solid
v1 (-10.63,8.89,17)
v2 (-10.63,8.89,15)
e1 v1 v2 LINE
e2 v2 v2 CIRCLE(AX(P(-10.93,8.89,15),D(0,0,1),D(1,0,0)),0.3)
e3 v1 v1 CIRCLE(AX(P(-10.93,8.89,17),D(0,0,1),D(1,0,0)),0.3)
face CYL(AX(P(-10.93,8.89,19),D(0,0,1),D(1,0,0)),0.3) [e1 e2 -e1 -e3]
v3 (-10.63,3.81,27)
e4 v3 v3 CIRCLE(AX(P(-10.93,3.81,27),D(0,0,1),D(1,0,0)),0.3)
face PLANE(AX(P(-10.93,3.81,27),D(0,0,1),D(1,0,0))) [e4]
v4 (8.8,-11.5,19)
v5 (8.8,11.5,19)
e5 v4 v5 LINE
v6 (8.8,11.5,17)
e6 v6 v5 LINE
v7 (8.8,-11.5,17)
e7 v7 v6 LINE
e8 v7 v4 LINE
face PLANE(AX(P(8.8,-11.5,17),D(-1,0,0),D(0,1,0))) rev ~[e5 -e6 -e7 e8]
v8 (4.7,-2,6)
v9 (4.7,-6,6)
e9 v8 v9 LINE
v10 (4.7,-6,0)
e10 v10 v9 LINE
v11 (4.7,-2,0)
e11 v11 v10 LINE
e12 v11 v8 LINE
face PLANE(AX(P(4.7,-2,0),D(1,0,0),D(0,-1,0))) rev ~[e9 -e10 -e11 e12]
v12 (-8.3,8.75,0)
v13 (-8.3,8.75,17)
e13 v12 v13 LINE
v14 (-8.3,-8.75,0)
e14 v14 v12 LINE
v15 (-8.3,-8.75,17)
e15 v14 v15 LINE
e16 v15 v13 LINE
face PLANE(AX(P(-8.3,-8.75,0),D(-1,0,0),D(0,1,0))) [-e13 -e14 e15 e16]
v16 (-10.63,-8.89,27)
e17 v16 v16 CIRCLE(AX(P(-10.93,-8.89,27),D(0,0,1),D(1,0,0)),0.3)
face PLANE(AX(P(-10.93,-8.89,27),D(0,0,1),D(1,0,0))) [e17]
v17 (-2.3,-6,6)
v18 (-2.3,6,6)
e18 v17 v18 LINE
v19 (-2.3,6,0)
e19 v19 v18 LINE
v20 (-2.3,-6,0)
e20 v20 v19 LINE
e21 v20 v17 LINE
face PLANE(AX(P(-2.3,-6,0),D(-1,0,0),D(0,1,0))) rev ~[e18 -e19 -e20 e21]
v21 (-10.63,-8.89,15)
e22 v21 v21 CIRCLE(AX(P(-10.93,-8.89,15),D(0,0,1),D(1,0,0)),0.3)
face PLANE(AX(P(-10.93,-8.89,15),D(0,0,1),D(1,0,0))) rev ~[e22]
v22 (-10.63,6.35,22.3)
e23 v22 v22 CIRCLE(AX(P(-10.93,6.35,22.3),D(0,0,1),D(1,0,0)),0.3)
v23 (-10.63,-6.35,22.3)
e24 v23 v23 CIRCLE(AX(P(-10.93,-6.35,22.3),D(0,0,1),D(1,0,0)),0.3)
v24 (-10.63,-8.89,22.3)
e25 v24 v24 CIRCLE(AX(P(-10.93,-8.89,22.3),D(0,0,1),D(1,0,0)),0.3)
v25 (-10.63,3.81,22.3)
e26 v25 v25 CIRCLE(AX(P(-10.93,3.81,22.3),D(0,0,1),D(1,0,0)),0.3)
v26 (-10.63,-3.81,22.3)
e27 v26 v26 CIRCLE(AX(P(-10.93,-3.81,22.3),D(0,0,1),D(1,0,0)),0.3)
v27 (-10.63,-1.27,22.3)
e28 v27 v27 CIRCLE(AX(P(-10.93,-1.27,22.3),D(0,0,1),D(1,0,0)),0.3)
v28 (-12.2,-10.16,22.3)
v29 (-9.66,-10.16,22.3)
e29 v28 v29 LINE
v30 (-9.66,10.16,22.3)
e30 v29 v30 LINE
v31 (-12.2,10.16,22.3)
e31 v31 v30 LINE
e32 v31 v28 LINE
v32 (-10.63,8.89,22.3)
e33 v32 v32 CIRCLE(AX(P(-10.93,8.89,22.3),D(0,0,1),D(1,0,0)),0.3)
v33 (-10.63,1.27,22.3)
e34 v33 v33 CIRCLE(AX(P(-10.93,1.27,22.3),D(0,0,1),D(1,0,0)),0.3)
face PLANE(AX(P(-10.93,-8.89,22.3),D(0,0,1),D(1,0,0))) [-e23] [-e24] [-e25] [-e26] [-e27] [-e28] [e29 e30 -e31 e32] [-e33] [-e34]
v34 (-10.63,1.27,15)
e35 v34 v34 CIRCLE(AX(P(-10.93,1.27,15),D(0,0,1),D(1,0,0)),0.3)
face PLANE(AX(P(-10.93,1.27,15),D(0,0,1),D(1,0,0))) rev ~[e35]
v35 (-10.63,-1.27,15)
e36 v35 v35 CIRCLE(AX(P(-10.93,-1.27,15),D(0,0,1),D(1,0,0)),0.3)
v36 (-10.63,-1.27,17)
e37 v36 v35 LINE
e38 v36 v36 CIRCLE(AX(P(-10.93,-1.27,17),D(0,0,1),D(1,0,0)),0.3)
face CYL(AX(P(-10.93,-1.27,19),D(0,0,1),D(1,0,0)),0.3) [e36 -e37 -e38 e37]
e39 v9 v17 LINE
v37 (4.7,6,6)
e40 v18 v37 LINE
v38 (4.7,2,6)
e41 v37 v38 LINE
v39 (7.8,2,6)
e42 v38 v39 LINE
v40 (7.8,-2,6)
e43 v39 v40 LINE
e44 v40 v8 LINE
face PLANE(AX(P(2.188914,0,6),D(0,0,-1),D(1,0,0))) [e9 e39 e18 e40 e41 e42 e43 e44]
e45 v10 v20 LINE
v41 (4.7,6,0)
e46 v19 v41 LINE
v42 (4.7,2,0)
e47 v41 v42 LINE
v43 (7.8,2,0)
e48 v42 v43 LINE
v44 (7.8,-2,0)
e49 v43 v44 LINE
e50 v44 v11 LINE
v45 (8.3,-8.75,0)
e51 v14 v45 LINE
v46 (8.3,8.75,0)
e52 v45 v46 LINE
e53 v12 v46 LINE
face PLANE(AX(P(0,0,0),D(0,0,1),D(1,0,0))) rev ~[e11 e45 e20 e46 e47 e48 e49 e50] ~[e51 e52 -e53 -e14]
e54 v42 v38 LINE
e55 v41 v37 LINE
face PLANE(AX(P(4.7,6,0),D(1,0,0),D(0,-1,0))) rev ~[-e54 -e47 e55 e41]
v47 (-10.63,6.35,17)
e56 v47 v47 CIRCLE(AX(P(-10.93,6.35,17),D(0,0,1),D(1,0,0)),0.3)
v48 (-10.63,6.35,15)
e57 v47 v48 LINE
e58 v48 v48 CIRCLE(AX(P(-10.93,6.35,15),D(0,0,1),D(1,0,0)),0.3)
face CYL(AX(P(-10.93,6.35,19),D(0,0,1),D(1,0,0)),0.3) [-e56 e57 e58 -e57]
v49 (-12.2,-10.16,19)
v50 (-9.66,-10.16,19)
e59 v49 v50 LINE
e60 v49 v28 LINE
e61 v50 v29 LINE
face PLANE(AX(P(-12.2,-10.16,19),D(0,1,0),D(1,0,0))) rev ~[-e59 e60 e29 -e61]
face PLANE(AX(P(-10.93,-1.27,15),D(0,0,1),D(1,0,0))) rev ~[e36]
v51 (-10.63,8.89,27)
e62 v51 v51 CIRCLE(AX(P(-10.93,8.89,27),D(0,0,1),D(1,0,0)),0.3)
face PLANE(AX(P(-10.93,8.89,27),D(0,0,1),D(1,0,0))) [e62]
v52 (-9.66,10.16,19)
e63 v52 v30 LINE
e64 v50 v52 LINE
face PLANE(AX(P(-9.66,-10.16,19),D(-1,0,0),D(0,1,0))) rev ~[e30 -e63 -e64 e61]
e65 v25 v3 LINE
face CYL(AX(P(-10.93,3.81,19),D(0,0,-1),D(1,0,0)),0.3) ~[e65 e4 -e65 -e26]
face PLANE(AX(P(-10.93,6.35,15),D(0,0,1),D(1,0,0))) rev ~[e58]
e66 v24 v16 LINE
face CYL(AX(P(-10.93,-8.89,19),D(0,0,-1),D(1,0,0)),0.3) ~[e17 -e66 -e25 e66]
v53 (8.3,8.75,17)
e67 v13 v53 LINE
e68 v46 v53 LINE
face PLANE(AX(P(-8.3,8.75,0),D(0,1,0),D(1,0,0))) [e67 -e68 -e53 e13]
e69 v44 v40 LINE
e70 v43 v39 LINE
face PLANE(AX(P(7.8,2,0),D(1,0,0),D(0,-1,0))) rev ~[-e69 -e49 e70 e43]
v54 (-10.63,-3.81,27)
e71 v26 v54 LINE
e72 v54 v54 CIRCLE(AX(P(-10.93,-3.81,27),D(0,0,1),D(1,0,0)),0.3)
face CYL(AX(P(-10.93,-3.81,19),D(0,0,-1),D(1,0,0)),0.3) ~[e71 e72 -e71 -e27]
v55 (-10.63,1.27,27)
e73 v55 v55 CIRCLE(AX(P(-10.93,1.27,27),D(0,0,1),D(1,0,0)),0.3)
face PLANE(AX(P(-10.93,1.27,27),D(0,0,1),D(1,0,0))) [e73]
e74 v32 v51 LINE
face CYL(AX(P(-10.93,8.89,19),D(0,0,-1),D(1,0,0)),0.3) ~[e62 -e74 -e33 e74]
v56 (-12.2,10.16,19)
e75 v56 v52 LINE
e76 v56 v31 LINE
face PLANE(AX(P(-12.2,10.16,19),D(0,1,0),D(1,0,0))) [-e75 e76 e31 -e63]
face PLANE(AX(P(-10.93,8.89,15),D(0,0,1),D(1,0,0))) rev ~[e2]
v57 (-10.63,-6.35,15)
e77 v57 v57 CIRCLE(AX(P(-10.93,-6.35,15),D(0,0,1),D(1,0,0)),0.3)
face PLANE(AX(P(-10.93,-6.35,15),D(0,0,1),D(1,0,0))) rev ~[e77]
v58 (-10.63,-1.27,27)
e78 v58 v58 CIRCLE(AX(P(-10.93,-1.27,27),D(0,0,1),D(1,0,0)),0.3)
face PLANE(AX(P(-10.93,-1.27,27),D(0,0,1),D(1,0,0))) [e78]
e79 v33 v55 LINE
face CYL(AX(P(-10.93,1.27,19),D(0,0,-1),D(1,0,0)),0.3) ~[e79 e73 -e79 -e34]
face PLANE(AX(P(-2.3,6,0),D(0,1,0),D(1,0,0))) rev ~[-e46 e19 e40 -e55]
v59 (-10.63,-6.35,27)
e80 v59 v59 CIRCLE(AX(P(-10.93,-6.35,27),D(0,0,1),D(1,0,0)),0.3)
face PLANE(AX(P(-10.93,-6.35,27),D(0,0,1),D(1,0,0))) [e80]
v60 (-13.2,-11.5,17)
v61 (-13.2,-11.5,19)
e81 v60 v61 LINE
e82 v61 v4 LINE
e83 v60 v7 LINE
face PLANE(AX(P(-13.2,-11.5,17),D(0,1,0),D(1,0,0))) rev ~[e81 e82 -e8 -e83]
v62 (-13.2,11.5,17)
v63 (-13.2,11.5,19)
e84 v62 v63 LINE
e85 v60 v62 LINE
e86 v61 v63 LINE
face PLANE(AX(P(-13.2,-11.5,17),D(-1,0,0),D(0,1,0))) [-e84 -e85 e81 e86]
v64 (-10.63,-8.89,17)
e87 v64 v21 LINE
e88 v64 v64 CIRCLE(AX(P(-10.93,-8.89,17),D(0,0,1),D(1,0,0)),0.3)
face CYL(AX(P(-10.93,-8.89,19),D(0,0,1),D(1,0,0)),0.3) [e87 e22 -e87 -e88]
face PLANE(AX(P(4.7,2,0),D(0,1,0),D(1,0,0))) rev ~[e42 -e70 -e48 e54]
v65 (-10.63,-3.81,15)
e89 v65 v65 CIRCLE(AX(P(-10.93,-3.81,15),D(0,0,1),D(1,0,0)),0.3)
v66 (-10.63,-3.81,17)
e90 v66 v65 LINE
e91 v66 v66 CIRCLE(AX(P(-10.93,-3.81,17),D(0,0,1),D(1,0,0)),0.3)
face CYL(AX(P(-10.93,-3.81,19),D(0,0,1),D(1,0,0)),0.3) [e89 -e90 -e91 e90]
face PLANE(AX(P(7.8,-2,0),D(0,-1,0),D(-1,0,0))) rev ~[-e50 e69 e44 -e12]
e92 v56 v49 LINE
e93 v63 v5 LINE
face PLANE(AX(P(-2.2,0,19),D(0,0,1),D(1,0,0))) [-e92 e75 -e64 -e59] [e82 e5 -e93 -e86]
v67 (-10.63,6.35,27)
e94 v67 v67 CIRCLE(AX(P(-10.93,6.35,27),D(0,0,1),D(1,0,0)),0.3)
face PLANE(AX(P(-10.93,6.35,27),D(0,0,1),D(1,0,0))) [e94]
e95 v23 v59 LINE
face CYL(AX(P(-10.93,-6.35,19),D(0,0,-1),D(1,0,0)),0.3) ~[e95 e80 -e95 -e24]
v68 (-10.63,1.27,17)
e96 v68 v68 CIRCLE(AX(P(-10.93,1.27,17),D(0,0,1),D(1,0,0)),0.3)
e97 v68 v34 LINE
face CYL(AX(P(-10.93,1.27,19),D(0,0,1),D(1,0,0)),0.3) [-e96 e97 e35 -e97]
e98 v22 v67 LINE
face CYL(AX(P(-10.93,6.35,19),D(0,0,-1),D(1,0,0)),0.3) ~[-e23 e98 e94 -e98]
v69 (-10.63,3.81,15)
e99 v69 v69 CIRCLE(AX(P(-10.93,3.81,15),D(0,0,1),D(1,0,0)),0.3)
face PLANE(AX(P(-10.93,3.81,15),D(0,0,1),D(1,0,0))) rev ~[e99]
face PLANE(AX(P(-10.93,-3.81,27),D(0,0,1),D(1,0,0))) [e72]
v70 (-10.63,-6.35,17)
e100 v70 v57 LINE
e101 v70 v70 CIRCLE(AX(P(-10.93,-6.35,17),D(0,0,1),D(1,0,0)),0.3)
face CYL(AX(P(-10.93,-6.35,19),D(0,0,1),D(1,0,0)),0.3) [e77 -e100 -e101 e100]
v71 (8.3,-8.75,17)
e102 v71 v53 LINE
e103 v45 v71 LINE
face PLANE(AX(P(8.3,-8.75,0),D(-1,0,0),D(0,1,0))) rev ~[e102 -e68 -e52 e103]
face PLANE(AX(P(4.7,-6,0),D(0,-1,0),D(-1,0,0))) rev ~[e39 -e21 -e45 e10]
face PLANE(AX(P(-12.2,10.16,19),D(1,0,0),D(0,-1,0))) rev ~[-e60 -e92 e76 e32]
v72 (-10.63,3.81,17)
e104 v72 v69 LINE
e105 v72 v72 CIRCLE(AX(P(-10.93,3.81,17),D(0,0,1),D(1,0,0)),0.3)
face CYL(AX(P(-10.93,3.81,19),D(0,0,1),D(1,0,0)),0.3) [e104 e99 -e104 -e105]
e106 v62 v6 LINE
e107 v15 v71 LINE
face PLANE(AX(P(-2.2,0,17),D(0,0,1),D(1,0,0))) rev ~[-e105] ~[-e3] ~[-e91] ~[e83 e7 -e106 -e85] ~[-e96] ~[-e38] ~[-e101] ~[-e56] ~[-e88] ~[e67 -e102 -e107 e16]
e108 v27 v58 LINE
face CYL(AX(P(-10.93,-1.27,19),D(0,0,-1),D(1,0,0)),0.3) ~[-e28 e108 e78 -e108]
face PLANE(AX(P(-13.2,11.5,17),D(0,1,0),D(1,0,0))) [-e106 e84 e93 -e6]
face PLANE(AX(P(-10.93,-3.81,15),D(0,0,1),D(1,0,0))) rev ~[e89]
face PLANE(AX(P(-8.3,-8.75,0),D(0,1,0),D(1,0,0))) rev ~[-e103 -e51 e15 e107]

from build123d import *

# Parameters (mm, degrees)
F0_W          = 16.6
F0_H          = 17.5
F1_DEPTH      = 17
F3_DEPTH      = 6
F4_W          = 22
F4_H          = 23
F4_W_2        = 16.6
F4_H_2        = 17.5
F5_DEPTH      = 2
F6_W          = 2.54
F6_H          = 2.54
F6_R          = 0.3
F7_DEPTH      = 3.3
F8_DEPTH      = 8
F8_DEPTH_BACK = 4


with BuildPart() as f1:
    # F0 (on Top) → F1 (new body)
    with BuildSketch(Plane.XY):
        Rectangle(F0_W, F0_H)
    extrude(amount=F1_DEPTH)

    # F2 (on face) → F3 (cut)
    with BuildSketch(Plane(origin=(0, 0, 0), x_dir=(1, 0, 0), z_dir=(0, 0, -1))):
        Polygon((7.8, -2), (7.8, 0), (7.8, 2), (4.7, 2), (4.7, 6), (-2.3, 6), (-2.3, 0), (-2.3, -6), (4.7, -6), (4.7, -2), align=None)
    extrude(amount=-F3_DEPTH, mode=Mode.SUBTRACT)

    # F4 (on face) → F5 (join)
    with BuildSketch(Plane.XY.offset(17)):
        with Locations((-2.2, 0)):
            Rectangle(F4_W, F4_H)
        Rectangle(F4_W_2, F4_H_2, mode=Mode.SUBTRACT)
        Rectangle(F4_W_2, F4_H_2)
    extrude(amount=F5_DEPTH)

    # F6 (on face) → F7 (join)
    with BuildSketch(Plane.XY.offset(19)):
        with Locations((-10.93, -8.89)):
            Rectangle(F6_W, F6_H)
        with Locations((-10.93, -8.89)):
            Circle(F6_R, mode=Mode.SUBTRACT)
        with Locations((-10.93, -6.35)):
            Rectangle(F6_W, F6_H)
        with Locations((-10.93, -6.35)):
            Circle(F6_R, mode=Mode.SUBTRACT)
        with Locations((-10.93, -3.81)):
            Rectangle(F6_W, F6_H)
        with Locations((-10.93, -3.81)):
            Circle(F6_R, mode=Mode.SUBTRACT)
        with Locations((-10.93, -1.27)):
            Rectangle(F6_W, F6_H)
        with Locations((-10.93, -1.27)):
            Circle(F6_R, mode=Mode.SUBTRACT)
        with Locations((-10.93, 1.27)):
            Rectangle(F6_W, F6_H)
        with Locations((-10.93, 1.27)):
            Circle(F6_R, mode=Mode.SUBTRACT)
        with Locations((-10.93, 8.89)):
            Rectangle(F6_W, F6_H)
        with Locations((-10.93, 8.89)):
            Circle(F6_R, mode=Mode.SUBTRACT)
        with Locations((-10.93, 3.81)):
            Rectangle(F6_W, F6_H)
        with Locations((-10.93, 3.81)):
            Circle(F6_R, mode=Mode.SUBTRACT)
        with Locations((-10.93, 6.35)):
            Rectangle(F6_W, F6_H)
        with Locations((-10.93, 6.35)):
            Circle(F6_R, mode=Mode.SUBTRACT)
    extrude(amount=F7_DEPTH)

    # F6 (on face) → F8 (join, two sides)
    with BuildSketch(Plane.XY.offset(19)) as f8_sk:
        with Locations((-10.93, -8.89)):
            Circle(F6_R)
        with Locations((-10.93, -6.35)):
            Circle(F6_R)
        with Locations((-10.93, -3.81)):
            Circle(F6_R)
        with Locations((-10.93, -1.27)):
            Circle(F6_R)
        with Locations((-10.93, 1.27)):
            Circle(F6_R)
        with Locations((-10.93, 3.81)):
            Circle(F6_R)
        with Locations((-10.93, 6.35)):
            Circle(F6_R)
        with Locations((-10.93, 8.89)):
            Circle(F6_R)
    extrude(amount=F8_DEPTH)
    extrude(f8_sk.sketch, amount=-F8_DEPTH_BACK)


solid = f1.part
